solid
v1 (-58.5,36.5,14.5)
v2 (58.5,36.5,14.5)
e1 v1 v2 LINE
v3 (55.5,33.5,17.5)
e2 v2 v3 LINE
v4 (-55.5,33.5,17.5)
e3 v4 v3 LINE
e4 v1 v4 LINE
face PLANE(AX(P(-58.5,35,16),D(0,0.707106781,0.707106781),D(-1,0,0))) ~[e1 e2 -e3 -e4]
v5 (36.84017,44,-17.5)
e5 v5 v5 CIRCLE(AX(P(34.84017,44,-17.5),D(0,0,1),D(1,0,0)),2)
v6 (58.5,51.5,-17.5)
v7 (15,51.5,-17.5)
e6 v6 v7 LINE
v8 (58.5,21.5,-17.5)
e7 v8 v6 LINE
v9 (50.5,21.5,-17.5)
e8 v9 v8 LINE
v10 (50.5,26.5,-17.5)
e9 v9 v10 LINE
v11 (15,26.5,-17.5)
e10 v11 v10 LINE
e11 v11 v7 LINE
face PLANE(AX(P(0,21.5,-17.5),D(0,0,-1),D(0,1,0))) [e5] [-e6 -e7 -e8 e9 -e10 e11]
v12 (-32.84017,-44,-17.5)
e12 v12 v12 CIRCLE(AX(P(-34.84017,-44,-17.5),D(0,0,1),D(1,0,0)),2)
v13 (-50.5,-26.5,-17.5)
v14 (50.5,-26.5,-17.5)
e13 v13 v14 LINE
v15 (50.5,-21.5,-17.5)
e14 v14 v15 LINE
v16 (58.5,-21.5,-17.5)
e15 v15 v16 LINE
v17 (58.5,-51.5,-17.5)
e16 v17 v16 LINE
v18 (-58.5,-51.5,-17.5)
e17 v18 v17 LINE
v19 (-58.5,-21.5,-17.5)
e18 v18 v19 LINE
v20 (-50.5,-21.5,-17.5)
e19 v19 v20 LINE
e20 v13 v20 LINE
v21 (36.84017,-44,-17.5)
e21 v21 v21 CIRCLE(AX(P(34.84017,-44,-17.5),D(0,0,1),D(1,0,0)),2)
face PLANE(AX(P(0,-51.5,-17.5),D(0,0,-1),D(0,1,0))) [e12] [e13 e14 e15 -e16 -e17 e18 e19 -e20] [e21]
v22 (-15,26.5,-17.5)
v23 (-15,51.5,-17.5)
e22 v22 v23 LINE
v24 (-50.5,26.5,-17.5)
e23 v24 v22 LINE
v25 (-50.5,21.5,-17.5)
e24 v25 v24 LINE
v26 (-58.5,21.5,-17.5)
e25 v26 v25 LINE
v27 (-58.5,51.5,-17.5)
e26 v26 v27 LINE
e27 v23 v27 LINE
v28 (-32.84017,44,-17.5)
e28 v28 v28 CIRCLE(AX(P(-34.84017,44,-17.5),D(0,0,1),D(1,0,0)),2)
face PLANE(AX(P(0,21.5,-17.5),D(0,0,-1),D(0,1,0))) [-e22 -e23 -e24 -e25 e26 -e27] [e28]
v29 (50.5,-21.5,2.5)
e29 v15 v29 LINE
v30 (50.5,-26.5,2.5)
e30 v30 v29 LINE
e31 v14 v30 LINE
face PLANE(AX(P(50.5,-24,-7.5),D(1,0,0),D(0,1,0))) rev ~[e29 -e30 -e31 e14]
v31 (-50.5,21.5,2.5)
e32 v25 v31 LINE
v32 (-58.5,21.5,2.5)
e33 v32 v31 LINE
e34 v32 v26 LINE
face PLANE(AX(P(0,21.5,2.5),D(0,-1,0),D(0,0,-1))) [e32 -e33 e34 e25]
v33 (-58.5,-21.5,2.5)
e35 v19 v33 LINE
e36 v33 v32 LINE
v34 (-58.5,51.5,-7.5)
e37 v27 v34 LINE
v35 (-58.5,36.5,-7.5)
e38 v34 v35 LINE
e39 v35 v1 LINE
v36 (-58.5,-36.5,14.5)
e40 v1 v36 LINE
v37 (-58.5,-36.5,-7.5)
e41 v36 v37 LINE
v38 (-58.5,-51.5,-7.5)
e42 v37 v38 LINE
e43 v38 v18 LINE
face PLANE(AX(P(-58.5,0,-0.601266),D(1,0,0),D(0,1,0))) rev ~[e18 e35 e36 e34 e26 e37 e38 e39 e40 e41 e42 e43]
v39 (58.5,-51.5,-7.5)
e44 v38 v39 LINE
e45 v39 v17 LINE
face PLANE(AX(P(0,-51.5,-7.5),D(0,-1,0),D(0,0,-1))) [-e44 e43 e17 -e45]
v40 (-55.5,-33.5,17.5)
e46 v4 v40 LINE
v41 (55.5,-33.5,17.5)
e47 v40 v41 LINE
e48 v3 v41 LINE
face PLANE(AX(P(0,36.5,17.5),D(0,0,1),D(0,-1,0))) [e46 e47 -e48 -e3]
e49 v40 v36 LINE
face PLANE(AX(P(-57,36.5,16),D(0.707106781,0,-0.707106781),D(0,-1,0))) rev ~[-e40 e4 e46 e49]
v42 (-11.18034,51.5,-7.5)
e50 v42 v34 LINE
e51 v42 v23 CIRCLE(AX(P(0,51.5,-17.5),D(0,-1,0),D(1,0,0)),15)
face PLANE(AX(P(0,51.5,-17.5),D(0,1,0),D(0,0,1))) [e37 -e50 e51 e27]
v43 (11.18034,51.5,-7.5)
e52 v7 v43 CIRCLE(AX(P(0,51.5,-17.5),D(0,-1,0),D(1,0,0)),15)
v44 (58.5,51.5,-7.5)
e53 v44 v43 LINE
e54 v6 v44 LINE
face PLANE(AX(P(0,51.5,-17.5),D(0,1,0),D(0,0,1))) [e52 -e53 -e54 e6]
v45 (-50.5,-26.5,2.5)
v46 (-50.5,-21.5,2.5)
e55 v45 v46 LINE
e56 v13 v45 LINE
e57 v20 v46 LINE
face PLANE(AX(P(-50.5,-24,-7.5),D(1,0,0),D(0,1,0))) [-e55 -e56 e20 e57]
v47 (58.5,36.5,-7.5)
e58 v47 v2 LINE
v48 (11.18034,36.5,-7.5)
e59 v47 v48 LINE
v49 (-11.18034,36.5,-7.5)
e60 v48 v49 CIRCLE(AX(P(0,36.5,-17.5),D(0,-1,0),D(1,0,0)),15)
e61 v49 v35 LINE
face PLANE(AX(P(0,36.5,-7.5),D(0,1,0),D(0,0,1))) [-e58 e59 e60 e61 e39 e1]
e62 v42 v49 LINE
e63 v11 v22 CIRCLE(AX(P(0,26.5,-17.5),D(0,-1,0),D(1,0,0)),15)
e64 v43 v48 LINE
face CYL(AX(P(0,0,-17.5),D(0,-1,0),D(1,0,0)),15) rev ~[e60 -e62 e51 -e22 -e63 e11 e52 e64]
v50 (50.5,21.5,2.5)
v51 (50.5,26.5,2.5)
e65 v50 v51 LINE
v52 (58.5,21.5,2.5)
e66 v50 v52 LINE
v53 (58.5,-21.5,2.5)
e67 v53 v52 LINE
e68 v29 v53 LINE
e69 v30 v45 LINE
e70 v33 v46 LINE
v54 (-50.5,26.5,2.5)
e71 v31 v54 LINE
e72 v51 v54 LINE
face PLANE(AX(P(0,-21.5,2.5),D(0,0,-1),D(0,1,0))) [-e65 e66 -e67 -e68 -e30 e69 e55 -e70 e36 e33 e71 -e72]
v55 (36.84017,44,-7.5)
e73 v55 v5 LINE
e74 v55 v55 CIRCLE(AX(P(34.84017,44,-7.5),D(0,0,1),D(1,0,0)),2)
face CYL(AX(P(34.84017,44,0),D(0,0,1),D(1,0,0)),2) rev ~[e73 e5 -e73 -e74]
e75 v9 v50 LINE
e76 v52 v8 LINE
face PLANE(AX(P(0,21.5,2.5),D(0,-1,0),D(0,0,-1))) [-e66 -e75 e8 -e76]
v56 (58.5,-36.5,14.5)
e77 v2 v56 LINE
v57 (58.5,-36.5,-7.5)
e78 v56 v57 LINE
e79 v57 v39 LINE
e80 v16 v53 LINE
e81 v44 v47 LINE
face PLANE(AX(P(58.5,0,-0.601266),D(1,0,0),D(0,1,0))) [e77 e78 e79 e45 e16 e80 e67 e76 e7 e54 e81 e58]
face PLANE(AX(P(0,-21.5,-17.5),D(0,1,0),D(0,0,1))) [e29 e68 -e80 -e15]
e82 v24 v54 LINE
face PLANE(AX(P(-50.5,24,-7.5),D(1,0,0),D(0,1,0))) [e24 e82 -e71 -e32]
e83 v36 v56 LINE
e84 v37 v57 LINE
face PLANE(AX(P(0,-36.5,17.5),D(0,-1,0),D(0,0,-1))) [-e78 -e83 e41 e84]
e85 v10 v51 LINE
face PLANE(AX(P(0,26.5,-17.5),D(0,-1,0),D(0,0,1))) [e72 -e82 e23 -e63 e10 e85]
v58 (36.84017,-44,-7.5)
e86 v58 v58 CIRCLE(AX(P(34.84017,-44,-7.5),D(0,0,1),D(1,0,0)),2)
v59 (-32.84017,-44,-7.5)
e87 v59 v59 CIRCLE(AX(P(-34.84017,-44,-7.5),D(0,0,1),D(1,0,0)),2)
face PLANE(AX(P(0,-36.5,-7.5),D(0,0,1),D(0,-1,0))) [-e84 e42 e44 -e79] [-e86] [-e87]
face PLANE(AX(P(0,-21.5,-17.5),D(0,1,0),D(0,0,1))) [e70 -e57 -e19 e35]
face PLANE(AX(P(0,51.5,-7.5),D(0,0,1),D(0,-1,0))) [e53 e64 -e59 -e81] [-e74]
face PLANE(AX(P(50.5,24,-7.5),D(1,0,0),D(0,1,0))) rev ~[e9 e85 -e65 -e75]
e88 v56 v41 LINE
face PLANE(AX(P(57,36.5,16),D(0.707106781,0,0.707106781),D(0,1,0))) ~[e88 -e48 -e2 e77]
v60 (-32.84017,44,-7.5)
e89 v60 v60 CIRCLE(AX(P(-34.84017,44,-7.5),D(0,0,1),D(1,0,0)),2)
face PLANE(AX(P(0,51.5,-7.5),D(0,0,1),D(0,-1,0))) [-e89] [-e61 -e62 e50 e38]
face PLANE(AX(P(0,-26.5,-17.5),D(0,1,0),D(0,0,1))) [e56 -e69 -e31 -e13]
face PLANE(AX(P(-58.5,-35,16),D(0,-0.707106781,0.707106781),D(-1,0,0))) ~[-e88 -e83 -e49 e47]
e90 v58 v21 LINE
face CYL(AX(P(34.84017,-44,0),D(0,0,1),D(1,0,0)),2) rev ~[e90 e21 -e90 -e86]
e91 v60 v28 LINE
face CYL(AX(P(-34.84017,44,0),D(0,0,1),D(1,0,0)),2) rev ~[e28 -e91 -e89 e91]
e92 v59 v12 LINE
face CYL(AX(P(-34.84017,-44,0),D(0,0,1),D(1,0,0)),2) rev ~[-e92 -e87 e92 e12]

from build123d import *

# Parameters (mm, degrees)
F1_DEPTH = 58.5
F3_DEPTH = 148.4
F4_R     = 2
F5_DEPTH = 25
F6_W     = 5
F6_H     = 20
F7_DEPTH = 50.5
F8_SIZE  = 3


with BuildPart() as f1:
    # F0 (on Right) → F1 (new body, symmetric)
    with BuildSketch(Plane.YZ):
        Polygon((36.5, -7.5), (36.5, 17.5), (-36.5, 17.5), (-36.5, -7.5), (-51.5, -7.5), (-51.5, -17.5), (-36.5, -17.5), (-21.5, -17.5), (-21.5, 2.5), (21.5, 2.5), (21.5, -17.5), (36.5, -17.5), (51.5, -17.5), (51.5, -7.5), align=None)
    extrude(amount=F1_DEPTH, both=True)

    # F2 (on Front) → F3 (cut)
    with BuildSketch(Plane.XZ):
        with BuildLine():
            Line((-15, -17.5), (15, -17.5))
            ThreePointArc((15, -17.5), (0, -2.5), (-15, -17.5))
        make_face()
    extrude(amount=-F3_DEPTH, mode=Mode.SUBTRACT)

    # F4 (on Top) → F5 (cut)
    with BuildSketch(Plane.XY):
        with Locations((-34.84017, -44)):
            Circle(F4_R)
        with Locations((34.84017, -44)):
            Circle(F4_R)
        with Locations((-34.84017, 44)):
            Circle(F4_R)
        with Locations((34.84017, 44)):
            Circle(F4_R)
    extrude(amount=-F5_DEPTH, mode=Mode.SUBTRACT)

    # F6 (on Right) → F7 (cut, symmetric)
    with BuildSketch(Plane.YZ):
        with Locations((24, -7.5)):
            Rectangle(F6_W, F6_H)
        with Locations((-24, -7.5)):
            Rectangle(F6_W, F6_H)
    extrude(amount=F7_DEPTH, both=True, mode=Mode.SUBTRACT)

    # F8
    f8_edges = [f1.edges().sort_by_distance(p)[0] for p in [
        (0, 36.5, 17.5),
        (-58.5, 0, 17.5),
        (58.5, 0, 17.5),
        (0, -36.5, 17.5),
    ]]
    chamfer(f8_edges, length=F8_SIZE)


solid = f1.part
